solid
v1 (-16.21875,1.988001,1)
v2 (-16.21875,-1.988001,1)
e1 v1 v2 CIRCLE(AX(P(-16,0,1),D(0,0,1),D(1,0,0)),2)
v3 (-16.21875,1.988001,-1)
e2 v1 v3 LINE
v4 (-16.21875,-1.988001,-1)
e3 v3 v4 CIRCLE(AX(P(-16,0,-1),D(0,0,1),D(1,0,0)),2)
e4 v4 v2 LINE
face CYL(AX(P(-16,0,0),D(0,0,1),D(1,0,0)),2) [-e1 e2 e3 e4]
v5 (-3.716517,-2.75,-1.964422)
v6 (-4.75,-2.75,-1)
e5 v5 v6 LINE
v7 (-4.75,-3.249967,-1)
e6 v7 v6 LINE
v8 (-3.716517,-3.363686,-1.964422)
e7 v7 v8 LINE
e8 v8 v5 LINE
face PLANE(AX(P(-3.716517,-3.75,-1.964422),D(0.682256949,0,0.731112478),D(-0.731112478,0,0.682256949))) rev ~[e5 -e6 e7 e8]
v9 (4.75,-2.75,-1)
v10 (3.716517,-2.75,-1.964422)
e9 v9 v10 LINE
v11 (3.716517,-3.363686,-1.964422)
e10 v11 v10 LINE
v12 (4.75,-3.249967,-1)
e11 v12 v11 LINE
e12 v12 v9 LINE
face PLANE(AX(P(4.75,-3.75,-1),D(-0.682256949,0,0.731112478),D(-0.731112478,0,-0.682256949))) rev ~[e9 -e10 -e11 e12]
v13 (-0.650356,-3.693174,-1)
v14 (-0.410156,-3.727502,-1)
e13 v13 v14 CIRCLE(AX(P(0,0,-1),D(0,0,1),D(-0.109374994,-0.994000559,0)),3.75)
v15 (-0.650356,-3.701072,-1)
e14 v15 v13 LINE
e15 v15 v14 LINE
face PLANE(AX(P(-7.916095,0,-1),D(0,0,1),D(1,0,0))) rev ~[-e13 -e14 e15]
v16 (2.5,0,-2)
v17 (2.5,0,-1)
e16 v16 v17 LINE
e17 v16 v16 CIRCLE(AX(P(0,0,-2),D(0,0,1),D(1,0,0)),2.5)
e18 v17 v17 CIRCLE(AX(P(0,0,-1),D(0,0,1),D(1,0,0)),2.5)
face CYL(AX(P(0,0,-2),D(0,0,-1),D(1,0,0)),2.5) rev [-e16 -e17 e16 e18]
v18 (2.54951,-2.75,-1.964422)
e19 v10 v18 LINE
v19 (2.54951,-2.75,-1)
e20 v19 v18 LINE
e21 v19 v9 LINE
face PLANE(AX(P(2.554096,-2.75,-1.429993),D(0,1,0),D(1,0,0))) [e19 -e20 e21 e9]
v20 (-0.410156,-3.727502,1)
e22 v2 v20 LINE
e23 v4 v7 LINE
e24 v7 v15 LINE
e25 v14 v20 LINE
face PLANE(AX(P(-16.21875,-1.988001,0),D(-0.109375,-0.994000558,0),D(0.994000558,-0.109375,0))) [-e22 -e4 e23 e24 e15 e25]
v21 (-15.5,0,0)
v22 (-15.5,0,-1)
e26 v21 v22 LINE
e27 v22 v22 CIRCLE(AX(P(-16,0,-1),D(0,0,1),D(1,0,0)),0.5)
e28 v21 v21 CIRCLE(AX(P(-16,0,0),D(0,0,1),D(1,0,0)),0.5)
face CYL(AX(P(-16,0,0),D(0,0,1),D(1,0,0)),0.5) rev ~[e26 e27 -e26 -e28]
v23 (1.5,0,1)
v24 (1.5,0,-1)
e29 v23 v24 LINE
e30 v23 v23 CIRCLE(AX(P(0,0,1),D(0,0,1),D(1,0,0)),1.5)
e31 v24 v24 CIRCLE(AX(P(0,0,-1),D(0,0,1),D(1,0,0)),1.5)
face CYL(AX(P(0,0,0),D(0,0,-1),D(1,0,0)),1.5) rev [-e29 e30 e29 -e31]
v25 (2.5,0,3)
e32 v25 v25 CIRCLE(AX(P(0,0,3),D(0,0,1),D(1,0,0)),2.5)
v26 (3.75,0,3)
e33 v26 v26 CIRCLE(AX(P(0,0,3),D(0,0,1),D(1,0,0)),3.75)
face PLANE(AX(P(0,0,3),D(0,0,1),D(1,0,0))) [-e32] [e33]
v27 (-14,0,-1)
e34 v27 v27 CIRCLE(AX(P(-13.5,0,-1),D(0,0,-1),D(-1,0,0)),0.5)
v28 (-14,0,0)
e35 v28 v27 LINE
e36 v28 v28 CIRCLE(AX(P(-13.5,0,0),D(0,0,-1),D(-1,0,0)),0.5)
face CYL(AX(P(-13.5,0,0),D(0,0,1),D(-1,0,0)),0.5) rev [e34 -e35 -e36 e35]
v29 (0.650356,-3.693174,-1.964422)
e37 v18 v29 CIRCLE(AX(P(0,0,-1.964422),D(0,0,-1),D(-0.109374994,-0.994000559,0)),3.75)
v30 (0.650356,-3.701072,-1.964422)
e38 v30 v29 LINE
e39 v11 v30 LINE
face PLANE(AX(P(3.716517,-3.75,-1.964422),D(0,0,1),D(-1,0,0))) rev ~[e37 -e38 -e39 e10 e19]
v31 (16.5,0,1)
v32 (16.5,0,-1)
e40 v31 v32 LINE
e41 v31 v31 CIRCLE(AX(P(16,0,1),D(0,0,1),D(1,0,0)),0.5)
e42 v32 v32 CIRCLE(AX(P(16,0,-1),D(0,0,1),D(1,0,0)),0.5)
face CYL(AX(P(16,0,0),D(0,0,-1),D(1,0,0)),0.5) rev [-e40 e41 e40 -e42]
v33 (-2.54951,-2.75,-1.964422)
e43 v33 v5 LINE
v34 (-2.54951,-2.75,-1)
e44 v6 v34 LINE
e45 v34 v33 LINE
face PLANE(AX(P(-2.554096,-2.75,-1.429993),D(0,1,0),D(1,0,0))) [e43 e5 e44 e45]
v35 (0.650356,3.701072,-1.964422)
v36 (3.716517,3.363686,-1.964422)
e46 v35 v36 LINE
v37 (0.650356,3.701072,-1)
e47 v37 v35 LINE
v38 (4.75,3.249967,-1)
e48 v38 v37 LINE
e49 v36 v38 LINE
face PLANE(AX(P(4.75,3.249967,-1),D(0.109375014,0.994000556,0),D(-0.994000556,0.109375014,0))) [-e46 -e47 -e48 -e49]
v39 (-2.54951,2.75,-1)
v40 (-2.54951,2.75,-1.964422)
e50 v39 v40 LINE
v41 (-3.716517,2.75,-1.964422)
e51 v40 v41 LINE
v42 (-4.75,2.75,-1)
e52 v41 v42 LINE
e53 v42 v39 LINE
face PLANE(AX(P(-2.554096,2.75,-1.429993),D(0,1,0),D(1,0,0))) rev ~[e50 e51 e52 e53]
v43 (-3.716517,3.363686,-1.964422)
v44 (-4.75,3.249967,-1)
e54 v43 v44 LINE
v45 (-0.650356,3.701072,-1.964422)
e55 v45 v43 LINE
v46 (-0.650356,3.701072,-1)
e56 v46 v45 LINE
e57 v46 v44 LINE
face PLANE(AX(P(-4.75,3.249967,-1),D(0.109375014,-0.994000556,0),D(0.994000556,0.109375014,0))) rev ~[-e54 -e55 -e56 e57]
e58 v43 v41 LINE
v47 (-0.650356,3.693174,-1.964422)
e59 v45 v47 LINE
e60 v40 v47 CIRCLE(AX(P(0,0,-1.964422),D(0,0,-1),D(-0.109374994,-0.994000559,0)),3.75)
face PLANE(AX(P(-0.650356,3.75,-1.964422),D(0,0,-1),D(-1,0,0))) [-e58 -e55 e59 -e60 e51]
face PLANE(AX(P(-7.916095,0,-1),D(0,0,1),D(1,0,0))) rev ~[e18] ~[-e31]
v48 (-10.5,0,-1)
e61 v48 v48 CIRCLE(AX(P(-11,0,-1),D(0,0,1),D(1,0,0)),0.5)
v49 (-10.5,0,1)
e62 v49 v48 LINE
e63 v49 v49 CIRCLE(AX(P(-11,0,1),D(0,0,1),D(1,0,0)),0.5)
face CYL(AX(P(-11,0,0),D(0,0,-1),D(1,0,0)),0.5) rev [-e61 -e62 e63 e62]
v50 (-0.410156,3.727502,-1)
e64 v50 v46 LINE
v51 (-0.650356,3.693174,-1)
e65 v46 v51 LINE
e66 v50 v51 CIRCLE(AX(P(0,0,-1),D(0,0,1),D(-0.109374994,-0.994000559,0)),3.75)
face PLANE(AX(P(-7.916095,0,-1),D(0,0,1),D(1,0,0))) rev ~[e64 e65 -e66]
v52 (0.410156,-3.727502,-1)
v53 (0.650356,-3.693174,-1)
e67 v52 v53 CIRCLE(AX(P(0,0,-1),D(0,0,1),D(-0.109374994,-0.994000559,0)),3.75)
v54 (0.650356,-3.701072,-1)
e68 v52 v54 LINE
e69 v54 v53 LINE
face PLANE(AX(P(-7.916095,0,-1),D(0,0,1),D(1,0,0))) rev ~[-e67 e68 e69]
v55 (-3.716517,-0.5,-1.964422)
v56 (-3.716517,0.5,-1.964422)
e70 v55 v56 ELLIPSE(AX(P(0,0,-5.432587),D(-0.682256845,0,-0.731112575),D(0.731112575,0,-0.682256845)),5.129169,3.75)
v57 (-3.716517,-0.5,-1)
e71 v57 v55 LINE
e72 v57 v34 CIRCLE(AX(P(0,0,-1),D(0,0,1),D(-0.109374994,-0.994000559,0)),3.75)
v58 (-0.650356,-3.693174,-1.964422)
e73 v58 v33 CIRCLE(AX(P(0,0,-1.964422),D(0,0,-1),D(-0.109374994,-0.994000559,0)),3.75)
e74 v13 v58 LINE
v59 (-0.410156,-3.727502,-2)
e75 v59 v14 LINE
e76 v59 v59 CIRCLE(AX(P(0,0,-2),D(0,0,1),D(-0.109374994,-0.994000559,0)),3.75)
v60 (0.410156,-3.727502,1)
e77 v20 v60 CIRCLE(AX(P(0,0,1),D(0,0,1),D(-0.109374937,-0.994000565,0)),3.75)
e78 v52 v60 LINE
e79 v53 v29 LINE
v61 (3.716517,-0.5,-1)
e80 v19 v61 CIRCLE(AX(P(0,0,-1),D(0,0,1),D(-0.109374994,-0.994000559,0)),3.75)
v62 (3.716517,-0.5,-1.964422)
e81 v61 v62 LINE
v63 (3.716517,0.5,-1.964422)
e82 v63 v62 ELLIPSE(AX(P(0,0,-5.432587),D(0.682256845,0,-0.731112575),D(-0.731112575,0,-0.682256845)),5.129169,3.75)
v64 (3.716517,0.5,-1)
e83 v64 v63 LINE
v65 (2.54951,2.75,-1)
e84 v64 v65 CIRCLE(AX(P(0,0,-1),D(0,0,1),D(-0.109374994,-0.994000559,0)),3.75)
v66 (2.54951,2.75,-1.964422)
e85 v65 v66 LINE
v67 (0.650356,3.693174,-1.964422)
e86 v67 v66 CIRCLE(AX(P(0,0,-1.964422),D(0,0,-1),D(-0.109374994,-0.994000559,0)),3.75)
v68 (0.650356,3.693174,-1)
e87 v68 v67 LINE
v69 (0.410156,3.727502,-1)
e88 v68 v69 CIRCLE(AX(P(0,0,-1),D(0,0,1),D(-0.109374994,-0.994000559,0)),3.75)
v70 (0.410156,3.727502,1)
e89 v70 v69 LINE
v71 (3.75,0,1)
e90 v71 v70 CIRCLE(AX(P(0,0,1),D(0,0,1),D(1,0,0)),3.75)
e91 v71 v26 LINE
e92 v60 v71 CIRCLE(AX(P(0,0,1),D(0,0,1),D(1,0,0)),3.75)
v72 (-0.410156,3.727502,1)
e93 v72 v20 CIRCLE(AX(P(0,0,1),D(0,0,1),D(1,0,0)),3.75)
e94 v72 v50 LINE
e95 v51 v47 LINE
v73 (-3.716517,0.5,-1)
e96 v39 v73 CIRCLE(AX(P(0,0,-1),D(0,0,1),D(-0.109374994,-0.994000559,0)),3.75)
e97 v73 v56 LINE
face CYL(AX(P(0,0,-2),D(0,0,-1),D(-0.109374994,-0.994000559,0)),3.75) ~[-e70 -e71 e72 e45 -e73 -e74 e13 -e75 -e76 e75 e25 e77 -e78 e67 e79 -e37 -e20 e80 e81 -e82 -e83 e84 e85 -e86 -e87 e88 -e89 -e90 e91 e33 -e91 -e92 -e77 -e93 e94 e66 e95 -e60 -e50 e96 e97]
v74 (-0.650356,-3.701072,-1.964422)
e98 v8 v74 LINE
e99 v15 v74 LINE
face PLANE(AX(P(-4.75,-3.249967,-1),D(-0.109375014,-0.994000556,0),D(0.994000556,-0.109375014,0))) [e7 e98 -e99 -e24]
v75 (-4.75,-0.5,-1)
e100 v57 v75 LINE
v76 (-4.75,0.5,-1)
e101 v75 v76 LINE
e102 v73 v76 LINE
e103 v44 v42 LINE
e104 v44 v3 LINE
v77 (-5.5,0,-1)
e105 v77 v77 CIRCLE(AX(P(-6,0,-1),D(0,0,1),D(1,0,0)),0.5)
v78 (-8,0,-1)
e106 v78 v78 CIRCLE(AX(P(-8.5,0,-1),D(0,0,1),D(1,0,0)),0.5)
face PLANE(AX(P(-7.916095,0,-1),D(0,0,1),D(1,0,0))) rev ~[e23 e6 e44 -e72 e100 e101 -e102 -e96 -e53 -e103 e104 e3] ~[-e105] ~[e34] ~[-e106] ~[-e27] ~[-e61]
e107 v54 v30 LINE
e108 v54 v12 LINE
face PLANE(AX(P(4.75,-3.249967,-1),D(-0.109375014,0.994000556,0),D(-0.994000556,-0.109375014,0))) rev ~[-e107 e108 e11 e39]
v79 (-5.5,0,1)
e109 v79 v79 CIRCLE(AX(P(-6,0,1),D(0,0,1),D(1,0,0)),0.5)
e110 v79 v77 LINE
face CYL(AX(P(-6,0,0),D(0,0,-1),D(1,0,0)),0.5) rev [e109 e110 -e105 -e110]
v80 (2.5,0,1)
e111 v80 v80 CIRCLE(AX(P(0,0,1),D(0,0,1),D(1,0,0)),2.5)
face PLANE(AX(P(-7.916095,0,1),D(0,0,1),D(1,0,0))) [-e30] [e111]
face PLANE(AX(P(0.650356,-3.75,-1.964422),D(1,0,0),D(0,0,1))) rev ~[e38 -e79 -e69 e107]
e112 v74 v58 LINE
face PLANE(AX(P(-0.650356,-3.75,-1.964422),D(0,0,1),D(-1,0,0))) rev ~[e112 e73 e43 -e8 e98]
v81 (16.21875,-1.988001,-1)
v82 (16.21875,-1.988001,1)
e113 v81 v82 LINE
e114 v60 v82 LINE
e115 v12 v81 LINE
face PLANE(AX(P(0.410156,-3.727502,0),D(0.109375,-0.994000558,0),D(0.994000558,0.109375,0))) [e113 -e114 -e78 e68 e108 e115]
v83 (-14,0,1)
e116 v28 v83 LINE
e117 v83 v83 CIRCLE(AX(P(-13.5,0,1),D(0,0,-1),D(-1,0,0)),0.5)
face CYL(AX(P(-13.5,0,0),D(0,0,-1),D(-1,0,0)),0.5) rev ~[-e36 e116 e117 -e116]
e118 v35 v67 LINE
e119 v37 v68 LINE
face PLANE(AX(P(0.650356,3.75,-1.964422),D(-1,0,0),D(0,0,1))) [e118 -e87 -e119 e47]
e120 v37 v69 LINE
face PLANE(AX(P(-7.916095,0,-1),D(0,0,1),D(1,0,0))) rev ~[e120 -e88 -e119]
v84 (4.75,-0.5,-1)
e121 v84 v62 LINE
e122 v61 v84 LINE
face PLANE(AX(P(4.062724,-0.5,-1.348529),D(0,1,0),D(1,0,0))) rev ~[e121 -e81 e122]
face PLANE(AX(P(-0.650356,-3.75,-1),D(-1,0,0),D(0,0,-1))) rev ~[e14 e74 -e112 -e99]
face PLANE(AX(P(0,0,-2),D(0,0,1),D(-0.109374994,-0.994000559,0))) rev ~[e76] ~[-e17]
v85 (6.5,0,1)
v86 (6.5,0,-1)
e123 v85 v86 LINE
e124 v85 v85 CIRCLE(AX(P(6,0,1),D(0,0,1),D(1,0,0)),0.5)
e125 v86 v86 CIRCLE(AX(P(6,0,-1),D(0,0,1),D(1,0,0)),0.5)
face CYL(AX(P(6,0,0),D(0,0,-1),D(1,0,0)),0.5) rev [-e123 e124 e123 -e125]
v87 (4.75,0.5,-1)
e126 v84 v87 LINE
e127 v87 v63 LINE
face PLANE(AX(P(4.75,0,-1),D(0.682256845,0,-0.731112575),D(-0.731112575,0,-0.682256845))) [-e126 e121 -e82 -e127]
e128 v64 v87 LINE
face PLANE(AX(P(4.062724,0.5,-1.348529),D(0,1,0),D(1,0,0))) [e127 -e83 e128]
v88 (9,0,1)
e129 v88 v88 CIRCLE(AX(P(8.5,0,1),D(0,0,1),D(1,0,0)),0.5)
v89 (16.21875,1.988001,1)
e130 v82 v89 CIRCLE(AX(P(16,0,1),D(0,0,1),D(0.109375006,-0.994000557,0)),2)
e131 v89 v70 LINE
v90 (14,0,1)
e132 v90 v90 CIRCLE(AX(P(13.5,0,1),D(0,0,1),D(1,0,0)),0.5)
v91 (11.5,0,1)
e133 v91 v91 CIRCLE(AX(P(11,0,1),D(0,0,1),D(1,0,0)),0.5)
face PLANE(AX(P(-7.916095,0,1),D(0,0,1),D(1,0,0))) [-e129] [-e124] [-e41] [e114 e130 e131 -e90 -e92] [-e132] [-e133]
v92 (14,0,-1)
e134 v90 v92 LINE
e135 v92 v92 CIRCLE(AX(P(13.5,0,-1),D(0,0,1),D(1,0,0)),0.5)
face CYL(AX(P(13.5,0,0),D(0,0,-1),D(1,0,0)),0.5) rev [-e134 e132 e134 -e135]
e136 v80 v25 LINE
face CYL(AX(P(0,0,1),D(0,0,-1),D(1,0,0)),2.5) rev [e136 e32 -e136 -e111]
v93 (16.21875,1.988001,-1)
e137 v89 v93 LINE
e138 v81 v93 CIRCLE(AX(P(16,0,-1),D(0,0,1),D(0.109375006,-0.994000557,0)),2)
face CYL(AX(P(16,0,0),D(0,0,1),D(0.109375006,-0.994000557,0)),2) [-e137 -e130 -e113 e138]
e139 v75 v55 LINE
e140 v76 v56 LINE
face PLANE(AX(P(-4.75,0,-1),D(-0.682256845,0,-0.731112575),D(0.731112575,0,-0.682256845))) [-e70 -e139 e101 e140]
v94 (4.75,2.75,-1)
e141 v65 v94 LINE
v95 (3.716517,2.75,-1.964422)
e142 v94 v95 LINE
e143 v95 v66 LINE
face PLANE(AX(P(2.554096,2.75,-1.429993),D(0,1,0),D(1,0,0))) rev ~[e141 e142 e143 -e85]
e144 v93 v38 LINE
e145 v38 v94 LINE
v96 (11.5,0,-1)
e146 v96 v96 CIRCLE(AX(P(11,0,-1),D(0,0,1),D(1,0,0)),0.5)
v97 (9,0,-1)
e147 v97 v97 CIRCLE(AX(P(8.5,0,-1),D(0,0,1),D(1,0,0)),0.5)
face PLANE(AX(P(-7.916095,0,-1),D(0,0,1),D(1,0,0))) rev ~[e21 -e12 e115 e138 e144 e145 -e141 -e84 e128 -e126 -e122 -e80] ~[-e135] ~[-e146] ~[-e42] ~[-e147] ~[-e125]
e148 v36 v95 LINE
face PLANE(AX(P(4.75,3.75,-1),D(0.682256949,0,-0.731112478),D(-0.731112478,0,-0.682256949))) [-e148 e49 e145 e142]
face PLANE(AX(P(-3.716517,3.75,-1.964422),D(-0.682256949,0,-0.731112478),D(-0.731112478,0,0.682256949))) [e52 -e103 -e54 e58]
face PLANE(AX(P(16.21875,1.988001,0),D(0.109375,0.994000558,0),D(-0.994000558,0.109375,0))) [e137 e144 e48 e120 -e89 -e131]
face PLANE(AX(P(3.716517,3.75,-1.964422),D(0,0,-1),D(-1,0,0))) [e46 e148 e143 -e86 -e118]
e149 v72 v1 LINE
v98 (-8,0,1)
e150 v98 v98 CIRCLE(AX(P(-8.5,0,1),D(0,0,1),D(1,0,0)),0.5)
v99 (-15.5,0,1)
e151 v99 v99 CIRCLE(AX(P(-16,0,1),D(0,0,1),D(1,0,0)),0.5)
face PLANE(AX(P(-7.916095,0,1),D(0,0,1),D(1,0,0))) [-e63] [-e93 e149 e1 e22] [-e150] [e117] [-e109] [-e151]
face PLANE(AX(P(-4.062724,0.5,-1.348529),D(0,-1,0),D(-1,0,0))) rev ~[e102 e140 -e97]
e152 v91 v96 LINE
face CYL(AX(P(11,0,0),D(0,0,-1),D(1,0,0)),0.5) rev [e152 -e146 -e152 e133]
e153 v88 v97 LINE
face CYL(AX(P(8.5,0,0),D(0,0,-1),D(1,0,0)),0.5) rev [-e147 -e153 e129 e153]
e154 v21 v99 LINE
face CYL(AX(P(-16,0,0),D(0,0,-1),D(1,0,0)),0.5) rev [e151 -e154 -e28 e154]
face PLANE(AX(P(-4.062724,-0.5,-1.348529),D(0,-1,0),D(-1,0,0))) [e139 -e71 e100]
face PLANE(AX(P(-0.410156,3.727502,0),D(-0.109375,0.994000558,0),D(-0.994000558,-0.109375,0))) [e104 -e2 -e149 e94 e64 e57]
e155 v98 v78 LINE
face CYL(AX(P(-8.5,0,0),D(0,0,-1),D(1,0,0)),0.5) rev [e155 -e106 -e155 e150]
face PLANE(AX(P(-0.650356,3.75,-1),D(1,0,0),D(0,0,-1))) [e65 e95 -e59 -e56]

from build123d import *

# Parameters (mm, degrees)
CROQUIS1_R              = 0.5
CROQUIS1_R_2            = 2
CROQUIS1_R_3            = 3.75
CROQUIS1_R_4            = 2.5
CROQUIS1_R_5            = 1.5
SALIENTE_EXTRUIR1_DEPTH = 1
SALIENTE_EXTRUIR2_START = -2
CROQUIS1_3_R            = 3.75
CROQUIS1_3_R_2          = 2.5
SALIENTE_EXTRUIR2_DEPTH = 1
SALIENTE_EXTRUIR3_START = 1
CROQUIS1_4_R            = 3.75
CROQUIS1_4_R_2          = 2.5
SALIENTE_EXTRUIR3_DEPTH = 2
SALIENTE_EXTRUIR5_DEPTH = 0.5
SALIENTE_EXTRUIR6_START = 3.75
SALIENTE_EXTRUIR6_DEPTH = 1
SALIENTE_EXTRUIR7_START = -3.75
SALIENTE_EXTRUIR7_DEPTH = 1
CORTAR_EXTRUIR1_DEPTH   = 3


with BuildPart() as part:
    # Croquis1 → Saliente-Extruir1 (new, symmetric)
    with BuildSketch(Plane.XY):
        with BuildLine():
            ThreePointArc((-0.410156, -3.727502), (-3.75, 0), (-0.410156, 3.727502))
            Line((-0.410156, 3.727502), (-16.21875, 1.988001))
            ThreePointArc((-16.21875, 1.988001), (-14.665365, 1.489547), (-14, 0))
            ThreePointArc((-14, 0), (-14.665365, -1.489547), (-16.21875, -1.988001))
            Line((-16.21875, -1.988001), (-0.410156, -3.727502))
        make_face()
        with BuildLine():
            ThreePointArc((-13, 0), (-13.5, -0.5), (-14, 0))
            ThreePointArc((-14, 0), (-13.5, 0.5), (-13, 0))
        make_face(mode=Mode.SUBTRACT)
        with Locations((-11, 0)):
            Circle(CROQUIS1_R, mode=Mode.SUBTRACT)
        with Locations((-8.5, 0)):
            Circle(CROQUIS1_R, mode=Mode.SUBTRACT)
        with Locations((-6, 0)):
            Circle(CROQUIS1_R, mode=Mode.SUBTRACT)
        with Locations((-16, 0)):
            Circle(CROQUIS1_R_2)
        with Locations((-16, 0)):
            Circle(CROQUIS1_R, mode=Mode.SUBTRACT)
        Circle(CROQUIS1_R_3)
        Circle(CROQUIS1_R_4, mode=Mode.SUBTRACT)
        Circle(CROQUIS1_R_4)
        Circle(CROQUIS1_R_5, mode=Mode.SUBTRACT)
        with BuildLine():
            Line((16.21875, 1.988001), (0.410156, 3.727502))
            ThreePointArc((0.410156, 3.727502), (2.7929, 2.50244), (3.75, 0))
            ThreePointArc((3.75, 0), (2.7929, -2.50244), (0.410156, -3.727502))
            Line((0.410156, -3.727502), (16.21875, -1.988001))
            ThreePointArc((16.21875, -1.988001), (14.665365, -1.489547), (14, 0))
            ThreePointArc((14, 0), (14.665365, 1.489547), (16.21875, 1.988001))
        make_face()
        with Locations((6, 0)):
            Circle(CROQUIS1_R, mode=Mode.SUBTRACT)
        with Locations((8.5, 0)):
            Circle(CROQUIS1_R, mode=Mode.SUBTRACT)
        with Locations((11, 0)):
            Circle(CROQUIS1_R, mode=Mode.SUBTRACT)
        with Locations((13.5, 0)):
            Circle(CROQUIS1_R, mode=Mode.SUBTRACT)
        with Locations((16, 0)):
            Circle(CROQUIS1_R_2)
        with Locations((16, 0)):
            Circle(CROQUIS1_R, mode=Mode.SUBTRACT)
    extrude(amount=SALIENTE_EXTRUIR1_DEPTH, both=True)

    # Croquis1<3> → Saliente-Extruir2 (add)
    with BuildSketch(Plane.XY.offset(SALIENTE_EXTRUIR2_START)):
        with Locations(Location((0, 0, 0), (0, 0, 263.720712))):
            Circle(CROQUIS1_3_R)
        Circle(CROQUIS1_3_R_2, mode=Mode.SUBTRACT)
    extrude(amount=SALIENTE_EXTRUIR2_DEPTH)

    # Croquis1<4> → Saliente-Extruir3 (add)
    with BuildSketch(Plane.XY.offset(SALIENTE_EXTRUIR3_START)):
        Circle(CROQUIS1_4_R)
        Circle(CROQUIS1_4_R_2, mode=Mode.SUBTRACT)
    extrude(amount=SALIENTE_EXTRUIR3_DEPTH)

    # Croquis3 → Saliente-Extruir5 (add, symmetric)
    with BuildSketch(Plane(origin=(0, 0, 0), x_dir=(1, 0, 0), z_dir=(0, 1, 0))):
        Polygon((-4.75, 1), (-3.678391, 2), (-3.678391, 1), align=None)
        Polygon((3.678391, 1), (4.75, 1), (3.678391, 2), align=None)
    extrude(amount=SALIENTE_EXTRUIR5_DEPTH, both=True)

    # Croquis4 → Saliente-Extruir6 (add)
    with BuildSketch(Plane(origin=(0, 0, 0), x_dir=(1, 0, 0), z_dir=(0, 1, 0)).offset(SALIENTE_EXTRUIR6_START)):
        Polygon((-4.75, 1), (-0.650356, 1), (-0.650356, 1.964422), (-3.716517, 1.964422), align=None)
        Polygon((0.650356, 1.964422), (0.650356, 1), (4.75, 1), (3.716517, 1.964422), align=None)
    extrude(amount=-SALIENTE_EXTRUIR6_DEPTH)

    # Croquis4<2> → Saliente-Extruir7 (add)
    with BuildSketch(Plane(origin=(0, 0, 0), x_dir=(1, 0, 0), z_dir=(0, 1, 0)).offset(SALIENTE_EXTRUIR7_START)):
        Polygon((-4.75, 1), (-0.650356, 1), (-0.650356, 1.964422), (-3.716517, 1.964422), align=None)
        Polygon((0.650356, 1.964422), (0.650356, 1), (4.75, 1), (3.716517, 1.964422), align=None)
    extrude(amount=SALIENTE_EXTRUIR7_DEPTH)

    # Croquis5 → Cortar-Extruir1 (cut)
    with BuildSketch(Plane.XY.offset(-1)):
        Polygon((0.650356, -3.75), (4.75, -3.75), (4.75, -3.249967), (0.650356, -3.701072), align=None)
        Polygon((-0.650356, -3.701072), (-0.650356, -3.75), (-4.75, -3.75), (-4.75, -3.249967), align=None)
        Polygon((-4.75, 3.75), (-4.75, 3.249967), (-0.650356, 3.701072), (-0.650356, 3.75), align=None)
        Polygon((0.650356, 3.701072), (0.650356, 3.75), (4.75, 3.75), (4.75, 3.249967), align=None)
    extrude(amount=-CORTAR_EXTRUIR1_DEPTH, mode=Mode.SUBTRACT)


solid = part.part
